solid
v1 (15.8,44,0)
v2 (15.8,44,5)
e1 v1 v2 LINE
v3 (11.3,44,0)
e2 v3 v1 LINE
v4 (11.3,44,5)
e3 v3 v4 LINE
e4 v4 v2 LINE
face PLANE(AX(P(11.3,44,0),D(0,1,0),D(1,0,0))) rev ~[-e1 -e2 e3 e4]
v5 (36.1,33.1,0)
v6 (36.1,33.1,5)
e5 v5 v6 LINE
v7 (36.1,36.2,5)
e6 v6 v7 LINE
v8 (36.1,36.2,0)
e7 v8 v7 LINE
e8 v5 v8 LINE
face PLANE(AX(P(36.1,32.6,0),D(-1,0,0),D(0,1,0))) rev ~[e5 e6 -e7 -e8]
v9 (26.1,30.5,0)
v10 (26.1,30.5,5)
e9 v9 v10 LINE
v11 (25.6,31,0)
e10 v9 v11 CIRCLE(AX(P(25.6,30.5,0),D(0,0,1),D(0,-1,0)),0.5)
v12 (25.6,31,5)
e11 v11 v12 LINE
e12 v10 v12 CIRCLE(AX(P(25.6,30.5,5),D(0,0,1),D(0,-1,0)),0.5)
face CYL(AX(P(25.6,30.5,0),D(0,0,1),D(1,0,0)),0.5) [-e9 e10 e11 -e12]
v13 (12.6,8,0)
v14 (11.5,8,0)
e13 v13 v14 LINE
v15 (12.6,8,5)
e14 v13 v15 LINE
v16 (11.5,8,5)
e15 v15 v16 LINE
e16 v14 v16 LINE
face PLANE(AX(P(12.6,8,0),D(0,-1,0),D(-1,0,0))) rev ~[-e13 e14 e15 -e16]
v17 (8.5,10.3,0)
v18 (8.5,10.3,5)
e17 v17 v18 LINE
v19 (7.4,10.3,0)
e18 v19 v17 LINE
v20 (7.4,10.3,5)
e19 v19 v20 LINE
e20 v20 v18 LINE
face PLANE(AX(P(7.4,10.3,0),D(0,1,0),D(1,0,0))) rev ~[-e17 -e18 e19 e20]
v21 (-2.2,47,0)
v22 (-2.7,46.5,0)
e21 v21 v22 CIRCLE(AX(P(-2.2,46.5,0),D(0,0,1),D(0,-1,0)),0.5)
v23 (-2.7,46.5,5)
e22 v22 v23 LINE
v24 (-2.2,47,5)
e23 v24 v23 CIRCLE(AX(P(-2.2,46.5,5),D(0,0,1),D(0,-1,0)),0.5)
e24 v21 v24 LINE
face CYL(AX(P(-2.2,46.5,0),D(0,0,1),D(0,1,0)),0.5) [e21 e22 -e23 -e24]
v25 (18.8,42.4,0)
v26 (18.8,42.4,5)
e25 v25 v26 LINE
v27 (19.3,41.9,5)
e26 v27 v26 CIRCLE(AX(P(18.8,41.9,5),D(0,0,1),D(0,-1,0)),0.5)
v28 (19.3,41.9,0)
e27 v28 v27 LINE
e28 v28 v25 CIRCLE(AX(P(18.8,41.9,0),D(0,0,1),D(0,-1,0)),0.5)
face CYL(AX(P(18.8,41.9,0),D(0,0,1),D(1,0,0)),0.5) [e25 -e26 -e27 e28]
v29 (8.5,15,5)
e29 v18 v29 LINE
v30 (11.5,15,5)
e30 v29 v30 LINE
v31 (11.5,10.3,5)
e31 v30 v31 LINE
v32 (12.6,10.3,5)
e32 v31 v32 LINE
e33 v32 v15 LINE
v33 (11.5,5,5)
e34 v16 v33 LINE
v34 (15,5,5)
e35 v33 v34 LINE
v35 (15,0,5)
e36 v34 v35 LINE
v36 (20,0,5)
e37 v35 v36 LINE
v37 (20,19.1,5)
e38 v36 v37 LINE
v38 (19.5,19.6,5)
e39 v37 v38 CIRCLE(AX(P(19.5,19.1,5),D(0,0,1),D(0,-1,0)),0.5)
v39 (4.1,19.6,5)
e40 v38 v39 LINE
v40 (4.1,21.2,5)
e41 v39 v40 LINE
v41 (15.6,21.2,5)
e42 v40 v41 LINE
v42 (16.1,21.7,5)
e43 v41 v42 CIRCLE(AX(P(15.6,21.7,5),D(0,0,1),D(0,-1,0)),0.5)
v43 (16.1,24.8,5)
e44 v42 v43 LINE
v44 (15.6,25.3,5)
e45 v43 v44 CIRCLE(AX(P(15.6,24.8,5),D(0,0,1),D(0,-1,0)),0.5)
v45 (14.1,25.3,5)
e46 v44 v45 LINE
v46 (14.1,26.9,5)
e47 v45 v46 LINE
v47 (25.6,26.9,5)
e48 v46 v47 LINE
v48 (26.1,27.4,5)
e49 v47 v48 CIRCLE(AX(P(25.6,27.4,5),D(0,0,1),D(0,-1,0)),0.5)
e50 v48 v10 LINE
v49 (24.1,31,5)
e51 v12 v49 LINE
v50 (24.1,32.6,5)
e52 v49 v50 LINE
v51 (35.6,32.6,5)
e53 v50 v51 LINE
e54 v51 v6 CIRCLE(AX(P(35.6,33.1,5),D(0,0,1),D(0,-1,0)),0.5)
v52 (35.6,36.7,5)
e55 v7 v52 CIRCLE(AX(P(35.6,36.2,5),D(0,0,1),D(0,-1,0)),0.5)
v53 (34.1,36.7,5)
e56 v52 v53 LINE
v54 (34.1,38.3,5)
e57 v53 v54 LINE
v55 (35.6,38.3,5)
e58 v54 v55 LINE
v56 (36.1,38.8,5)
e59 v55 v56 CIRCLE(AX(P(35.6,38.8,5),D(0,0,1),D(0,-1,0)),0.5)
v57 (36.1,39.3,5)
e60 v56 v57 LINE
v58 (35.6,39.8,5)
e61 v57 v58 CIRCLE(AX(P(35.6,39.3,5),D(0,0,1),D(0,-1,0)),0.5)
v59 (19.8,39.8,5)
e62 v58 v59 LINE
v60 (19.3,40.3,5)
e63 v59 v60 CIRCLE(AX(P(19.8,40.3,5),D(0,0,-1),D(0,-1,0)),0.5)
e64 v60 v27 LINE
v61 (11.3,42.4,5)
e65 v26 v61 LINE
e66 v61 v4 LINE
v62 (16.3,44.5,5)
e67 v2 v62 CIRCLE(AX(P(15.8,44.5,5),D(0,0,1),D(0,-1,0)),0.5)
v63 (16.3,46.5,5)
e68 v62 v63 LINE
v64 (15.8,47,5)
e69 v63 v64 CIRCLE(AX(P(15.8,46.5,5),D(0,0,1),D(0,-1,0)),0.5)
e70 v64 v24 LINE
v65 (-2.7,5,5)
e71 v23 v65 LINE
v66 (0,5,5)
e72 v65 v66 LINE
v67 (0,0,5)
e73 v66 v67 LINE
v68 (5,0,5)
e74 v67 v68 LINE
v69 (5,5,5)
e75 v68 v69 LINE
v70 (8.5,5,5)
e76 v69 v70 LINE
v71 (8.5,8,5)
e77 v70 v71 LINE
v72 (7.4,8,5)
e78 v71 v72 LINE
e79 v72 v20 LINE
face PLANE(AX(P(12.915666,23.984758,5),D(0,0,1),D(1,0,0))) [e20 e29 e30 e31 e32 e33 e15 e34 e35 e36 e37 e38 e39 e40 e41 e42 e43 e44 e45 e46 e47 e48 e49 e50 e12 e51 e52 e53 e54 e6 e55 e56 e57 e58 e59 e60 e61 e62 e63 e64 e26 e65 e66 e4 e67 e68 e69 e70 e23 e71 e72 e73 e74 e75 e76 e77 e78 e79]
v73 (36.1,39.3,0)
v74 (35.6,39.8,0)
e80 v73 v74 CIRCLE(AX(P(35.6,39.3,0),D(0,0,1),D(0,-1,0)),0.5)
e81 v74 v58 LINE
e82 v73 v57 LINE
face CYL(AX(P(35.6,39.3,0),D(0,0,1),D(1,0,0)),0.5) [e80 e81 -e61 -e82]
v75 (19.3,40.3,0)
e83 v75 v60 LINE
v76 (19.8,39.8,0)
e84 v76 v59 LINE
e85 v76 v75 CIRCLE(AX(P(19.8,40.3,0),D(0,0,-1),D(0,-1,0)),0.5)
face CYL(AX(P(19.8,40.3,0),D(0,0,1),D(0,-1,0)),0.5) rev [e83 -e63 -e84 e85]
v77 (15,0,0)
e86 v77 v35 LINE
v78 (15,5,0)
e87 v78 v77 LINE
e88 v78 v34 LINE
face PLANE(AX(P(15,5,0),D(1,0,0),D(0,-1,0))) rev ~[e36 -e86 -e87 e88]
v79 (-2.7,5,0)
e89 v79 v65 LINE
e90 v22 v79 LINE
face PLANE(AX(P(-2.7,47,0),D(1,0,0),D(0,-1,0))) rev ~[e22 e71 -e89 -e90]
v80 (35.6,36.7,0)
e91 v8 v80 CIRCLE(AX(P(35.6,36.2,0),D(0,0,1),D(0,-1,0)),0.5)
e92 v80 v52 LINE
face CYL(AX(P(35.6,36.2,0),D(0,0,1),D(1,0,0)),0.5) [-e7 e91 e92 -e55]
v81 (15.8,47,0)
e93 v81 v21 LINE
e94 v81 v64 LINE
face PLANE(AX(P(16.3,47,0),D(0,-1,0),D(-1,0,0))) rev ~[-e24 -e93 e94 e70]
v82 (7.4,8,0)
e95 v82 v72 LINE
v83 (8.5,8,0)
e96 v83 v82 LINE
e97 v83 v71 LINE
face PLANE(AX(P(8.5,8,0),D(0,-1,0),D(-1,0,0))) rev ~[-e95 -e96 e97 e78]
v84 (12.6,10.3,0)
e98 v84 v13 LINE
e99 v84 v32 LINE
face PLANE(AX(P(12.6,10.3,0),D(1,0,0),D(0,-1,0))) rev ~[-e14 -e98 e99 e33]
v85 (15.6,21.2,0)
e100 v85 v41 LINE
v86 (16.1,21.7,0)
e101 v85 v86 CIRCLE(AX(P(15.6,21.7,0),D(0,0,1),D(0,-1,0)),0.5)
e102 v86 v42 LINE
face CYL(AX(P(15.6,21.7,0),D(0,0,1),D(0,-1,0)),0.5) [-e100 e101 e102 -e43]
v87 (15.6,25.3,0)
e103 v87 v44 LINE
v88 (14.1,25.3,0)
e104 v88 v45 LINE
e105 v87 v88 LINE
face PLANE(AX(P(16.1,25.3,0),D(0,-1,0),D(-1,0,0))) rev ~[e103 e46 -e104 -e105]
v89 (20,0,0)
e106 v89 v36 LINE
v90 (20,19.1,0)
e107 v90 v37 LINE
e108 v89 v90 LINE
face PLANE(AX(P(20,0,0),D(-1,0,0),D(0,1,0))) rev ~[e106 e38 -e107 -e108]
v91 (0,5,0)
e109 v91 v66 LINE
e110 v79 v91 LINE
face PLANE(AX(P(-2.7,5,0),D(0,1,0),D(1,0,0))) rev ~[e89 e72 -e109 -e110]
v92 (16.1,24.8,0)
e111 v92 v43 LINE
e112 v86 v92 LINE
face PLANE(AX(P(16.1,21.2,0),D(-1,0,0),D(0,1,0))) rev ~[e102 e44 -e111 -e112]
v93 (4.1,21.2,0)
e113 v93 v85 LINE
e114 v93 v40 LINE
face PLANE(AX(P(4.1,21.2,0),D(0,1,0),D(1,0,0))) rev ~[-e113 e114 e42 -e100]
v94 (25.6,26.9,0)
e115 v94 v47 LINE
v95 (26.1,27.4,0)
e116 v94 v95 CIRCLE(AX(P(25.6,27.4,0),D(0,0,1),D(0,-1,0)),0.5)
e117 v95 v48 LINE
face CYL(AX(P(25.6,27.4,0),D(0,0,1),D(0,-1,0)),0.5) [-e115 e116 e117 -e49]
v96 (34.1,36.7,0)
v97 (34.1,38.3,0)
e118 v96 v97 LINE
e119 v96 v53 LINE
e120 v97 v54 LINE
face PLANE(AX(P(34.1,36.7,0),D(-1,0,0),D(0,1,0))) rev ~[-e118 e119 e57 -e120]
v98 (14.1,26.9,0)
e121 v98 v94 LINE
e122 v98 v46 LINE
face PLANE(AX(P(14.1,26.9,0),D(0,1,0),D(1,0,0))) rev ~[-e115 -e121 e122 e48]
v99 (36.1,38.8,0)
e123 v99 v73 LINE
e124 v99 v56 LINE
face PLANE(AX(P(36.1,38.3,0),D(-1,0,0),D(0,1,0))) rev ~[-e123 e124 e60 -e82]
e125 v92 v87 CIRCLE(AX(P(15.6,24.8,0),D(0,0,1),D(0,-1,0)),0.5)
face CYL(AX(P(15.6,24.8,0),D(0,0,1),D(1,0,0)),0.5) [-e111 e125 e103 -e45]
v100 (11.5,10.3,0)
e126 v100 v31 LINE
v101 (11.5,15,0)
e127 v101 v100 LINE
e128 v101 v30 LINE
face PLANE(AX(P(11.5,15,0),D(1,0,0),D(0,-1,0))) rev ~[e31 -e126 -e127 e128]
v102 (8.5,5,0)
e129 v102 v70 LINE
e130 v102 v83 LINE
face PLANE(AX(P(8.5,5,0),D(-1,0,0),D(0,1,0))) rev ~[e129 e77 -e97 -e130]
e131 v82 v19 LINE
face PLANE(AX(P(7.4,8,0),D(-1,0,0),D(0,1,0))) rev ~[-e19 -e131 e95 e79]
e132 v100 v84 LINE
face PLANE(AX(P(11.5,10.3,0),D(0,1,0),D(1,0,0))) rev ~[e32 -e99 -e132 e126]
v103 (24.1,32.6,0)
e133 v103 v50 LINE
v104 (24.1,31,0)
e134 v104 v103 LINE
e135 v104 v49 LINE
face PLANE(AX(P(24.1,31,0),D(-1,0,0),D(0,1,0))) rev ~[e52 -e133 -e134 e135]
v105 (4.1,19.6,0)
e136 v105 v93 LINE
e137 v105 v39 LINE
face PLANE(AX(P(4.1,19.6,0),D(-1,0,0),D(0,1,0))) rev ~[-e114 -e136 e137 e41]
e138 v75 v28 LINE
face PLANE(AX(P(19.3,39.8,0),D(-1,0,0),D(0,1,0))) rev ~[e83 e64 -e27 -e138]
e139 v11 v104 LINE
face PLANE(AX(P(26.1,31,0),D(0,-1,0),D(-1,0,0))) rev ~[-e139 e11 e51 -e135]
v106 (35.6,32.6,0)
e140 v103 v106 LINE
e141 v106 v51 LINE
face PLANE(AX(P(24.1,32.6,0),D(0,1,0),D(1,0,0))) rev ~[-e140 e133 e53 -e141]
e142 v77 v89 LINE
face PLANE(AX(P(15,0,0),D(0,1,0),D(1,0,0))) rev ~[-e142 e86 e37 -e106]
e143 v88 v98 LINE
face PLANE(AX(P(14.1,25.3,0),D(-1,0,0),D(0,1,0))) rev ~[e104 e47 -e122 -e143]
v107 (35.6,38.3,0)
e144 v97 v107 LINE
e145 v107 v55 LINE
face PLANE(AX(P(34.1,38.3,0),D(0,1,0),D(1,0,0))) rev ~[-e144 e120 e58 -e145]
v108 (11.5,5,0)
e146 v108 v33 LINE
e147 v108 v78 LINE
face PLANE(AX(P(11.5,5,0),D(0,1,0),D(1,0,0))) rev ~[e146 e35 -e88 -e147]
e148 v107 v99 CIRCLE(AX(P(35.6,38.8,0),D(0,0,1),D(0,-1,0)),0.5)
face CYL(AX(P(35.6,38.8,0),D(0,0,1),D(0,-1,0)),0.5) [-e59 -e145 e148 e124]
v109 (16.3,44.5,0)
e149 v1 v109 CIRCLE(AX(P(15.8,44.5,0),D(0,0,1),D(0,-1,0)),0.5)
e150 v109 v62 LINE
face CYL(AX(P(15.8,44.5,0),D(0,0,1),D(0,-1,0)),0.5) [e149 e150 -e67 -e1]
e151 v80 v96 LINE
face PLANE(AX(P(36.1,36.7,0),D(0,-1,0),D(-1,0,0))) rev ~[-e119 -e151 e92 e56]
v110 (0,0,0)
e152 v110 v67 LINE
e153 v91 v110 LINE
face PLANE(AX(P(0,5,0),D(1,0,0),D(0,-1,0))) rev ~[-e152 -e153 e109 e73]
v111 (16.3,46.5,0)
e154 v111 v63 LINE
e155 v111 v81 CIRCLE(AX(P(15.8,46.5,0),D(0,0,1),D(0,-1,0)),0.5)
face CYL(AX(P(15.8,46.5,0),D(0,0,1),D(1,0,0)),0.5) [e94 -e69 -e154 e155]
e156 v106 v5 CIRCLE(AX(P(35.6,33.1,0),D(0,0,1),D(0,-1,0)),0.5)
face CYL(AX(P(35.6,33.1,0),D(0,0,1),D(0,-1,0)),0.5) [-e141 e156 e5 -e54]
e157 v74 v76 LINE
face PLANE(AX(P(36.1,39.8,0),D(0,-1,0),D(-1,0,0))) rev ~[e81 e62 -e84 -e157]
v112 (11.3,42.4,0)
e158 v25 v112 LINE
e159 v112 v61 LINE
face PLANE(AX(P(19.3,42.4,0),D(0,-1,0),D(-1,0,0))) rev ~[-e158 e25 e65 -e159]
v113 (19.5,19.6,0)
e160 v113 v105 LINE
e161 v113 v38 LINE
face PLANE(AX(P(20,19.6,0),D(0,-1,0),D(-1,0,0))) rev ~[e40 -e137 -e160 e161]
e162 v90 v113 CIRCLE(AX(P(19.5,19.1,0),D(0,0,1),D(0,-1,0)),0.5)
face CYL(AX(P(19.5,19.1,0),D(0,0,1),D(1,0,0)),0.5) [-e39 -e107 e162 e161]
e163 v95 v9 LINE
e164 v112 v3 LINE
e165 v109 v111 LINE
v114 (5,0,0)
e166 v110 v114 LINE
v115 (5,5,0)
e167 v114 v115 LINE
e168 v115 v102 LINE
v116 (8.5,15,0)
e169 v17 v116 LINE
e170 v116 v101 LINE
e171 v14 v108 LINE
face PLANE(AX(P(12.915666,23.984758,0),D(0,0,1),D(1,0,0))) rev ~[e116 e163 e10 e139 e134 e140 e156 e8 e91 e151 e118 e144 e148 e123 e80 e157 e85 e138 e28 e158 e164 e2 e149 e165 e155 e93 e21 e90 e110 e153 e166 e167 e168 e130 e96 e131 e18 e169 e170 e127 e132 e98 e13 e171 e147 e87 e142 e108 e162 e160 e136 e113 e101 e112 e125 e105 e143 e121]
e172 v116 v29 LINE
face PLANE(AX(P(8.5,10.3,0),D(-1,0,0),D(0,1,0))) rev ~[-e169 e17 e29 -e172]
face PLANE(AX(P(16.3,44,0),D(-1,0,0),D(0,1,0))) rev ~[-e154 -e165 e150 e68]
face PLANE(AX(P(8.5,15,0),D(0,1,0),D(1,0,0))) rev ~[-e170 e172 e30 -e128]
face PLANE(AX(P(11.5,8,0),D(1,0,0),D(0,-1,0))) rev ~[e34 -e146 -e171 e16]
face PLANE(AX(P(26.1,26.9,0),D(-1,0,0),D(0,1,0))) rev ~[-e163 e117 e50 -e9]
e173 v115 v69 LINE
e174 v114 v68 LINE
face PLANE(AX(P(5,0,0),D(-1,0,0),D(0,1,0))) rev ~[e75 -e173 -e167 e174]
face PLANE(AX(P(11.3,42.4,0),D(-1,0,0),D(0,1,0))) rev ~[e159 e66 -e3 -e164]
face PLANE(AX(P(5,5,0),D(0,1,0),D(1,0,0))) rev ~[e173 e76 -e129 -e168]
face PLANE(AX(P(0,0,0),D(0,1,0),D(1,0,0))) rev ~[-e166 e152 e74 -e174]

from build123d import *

# Parameters (mm, degrees)
BOSS_EXTRUDE1_DEPTH = 5
FILLET3_R           = 0.5


with BuildPart() as part:
    # Sketch1 → Boss-Extrude1 (new body)
    with BuildSketch(Plane.XY):
        Polygon((14.1, 25.3), (14.1, 26.9), (26.1, 26.9), (26.1, 31), (24.1, 31), (24.1, 32.6), (36.1, 32.6), (36.1, 36.7), (34.1, 36.7), (34.1, 38.3), (36.1, 38.3), (36.1, 39.8), (19.3, 39.8), (19.3, 42.4), (11.3, 42.4), (11.3, 44), (16.3, 44), (16.3, 47), (-2.7, 47), (-2.7, 5), (0, 5), (0, 0), (5, 0), (5, 5), (8.5, 5), (8.5, 8), (7.4, 8), (7.4, 10.3), (8.5, 10.3), (8.5, 15), (11.5, 15), (11.5, 10.3), (12.6, 10.3), (12.6, 8), (11.5, 8), (11.5, 5), (15, 5), (15, 0), (20, 0), (20, 5), (20, 19.6), (4.1, 19.6), (4.1, 21.2), (16.1, 21.2), (16.1, 25.3), align=None)
    extrude(amount=BOSS_EXTRUDE1_DEPTH)

    # Fillet3
    fillet3_edges = [part.edges().sort_by_distance(p)[0] for p in [
        (-2.7, 47, 2.5),
        (16.3, 47, 2.5),
        (16.3, 44, 2.5),
        (19.3, 42.4, 2.5),
        (19.3, 39.8, 2.5),
        (36.1, 39.8, 2.5),
        (36.1, 38.3, 2.5),
        (36.1, 36.7, 2.5),
        (36.1, 32.6, 2.5),
        (26.1, 31, 2.5),
        (26.1, 26.9, 2.5),
        (16.1, 25.3, 2.5),
        (16.1, 21.2, 2.5),
        (20, 19.6, 2.5),
    ]]
    fillet(fillet3_edges, radius=FILLET3_R)


solid = part.part
